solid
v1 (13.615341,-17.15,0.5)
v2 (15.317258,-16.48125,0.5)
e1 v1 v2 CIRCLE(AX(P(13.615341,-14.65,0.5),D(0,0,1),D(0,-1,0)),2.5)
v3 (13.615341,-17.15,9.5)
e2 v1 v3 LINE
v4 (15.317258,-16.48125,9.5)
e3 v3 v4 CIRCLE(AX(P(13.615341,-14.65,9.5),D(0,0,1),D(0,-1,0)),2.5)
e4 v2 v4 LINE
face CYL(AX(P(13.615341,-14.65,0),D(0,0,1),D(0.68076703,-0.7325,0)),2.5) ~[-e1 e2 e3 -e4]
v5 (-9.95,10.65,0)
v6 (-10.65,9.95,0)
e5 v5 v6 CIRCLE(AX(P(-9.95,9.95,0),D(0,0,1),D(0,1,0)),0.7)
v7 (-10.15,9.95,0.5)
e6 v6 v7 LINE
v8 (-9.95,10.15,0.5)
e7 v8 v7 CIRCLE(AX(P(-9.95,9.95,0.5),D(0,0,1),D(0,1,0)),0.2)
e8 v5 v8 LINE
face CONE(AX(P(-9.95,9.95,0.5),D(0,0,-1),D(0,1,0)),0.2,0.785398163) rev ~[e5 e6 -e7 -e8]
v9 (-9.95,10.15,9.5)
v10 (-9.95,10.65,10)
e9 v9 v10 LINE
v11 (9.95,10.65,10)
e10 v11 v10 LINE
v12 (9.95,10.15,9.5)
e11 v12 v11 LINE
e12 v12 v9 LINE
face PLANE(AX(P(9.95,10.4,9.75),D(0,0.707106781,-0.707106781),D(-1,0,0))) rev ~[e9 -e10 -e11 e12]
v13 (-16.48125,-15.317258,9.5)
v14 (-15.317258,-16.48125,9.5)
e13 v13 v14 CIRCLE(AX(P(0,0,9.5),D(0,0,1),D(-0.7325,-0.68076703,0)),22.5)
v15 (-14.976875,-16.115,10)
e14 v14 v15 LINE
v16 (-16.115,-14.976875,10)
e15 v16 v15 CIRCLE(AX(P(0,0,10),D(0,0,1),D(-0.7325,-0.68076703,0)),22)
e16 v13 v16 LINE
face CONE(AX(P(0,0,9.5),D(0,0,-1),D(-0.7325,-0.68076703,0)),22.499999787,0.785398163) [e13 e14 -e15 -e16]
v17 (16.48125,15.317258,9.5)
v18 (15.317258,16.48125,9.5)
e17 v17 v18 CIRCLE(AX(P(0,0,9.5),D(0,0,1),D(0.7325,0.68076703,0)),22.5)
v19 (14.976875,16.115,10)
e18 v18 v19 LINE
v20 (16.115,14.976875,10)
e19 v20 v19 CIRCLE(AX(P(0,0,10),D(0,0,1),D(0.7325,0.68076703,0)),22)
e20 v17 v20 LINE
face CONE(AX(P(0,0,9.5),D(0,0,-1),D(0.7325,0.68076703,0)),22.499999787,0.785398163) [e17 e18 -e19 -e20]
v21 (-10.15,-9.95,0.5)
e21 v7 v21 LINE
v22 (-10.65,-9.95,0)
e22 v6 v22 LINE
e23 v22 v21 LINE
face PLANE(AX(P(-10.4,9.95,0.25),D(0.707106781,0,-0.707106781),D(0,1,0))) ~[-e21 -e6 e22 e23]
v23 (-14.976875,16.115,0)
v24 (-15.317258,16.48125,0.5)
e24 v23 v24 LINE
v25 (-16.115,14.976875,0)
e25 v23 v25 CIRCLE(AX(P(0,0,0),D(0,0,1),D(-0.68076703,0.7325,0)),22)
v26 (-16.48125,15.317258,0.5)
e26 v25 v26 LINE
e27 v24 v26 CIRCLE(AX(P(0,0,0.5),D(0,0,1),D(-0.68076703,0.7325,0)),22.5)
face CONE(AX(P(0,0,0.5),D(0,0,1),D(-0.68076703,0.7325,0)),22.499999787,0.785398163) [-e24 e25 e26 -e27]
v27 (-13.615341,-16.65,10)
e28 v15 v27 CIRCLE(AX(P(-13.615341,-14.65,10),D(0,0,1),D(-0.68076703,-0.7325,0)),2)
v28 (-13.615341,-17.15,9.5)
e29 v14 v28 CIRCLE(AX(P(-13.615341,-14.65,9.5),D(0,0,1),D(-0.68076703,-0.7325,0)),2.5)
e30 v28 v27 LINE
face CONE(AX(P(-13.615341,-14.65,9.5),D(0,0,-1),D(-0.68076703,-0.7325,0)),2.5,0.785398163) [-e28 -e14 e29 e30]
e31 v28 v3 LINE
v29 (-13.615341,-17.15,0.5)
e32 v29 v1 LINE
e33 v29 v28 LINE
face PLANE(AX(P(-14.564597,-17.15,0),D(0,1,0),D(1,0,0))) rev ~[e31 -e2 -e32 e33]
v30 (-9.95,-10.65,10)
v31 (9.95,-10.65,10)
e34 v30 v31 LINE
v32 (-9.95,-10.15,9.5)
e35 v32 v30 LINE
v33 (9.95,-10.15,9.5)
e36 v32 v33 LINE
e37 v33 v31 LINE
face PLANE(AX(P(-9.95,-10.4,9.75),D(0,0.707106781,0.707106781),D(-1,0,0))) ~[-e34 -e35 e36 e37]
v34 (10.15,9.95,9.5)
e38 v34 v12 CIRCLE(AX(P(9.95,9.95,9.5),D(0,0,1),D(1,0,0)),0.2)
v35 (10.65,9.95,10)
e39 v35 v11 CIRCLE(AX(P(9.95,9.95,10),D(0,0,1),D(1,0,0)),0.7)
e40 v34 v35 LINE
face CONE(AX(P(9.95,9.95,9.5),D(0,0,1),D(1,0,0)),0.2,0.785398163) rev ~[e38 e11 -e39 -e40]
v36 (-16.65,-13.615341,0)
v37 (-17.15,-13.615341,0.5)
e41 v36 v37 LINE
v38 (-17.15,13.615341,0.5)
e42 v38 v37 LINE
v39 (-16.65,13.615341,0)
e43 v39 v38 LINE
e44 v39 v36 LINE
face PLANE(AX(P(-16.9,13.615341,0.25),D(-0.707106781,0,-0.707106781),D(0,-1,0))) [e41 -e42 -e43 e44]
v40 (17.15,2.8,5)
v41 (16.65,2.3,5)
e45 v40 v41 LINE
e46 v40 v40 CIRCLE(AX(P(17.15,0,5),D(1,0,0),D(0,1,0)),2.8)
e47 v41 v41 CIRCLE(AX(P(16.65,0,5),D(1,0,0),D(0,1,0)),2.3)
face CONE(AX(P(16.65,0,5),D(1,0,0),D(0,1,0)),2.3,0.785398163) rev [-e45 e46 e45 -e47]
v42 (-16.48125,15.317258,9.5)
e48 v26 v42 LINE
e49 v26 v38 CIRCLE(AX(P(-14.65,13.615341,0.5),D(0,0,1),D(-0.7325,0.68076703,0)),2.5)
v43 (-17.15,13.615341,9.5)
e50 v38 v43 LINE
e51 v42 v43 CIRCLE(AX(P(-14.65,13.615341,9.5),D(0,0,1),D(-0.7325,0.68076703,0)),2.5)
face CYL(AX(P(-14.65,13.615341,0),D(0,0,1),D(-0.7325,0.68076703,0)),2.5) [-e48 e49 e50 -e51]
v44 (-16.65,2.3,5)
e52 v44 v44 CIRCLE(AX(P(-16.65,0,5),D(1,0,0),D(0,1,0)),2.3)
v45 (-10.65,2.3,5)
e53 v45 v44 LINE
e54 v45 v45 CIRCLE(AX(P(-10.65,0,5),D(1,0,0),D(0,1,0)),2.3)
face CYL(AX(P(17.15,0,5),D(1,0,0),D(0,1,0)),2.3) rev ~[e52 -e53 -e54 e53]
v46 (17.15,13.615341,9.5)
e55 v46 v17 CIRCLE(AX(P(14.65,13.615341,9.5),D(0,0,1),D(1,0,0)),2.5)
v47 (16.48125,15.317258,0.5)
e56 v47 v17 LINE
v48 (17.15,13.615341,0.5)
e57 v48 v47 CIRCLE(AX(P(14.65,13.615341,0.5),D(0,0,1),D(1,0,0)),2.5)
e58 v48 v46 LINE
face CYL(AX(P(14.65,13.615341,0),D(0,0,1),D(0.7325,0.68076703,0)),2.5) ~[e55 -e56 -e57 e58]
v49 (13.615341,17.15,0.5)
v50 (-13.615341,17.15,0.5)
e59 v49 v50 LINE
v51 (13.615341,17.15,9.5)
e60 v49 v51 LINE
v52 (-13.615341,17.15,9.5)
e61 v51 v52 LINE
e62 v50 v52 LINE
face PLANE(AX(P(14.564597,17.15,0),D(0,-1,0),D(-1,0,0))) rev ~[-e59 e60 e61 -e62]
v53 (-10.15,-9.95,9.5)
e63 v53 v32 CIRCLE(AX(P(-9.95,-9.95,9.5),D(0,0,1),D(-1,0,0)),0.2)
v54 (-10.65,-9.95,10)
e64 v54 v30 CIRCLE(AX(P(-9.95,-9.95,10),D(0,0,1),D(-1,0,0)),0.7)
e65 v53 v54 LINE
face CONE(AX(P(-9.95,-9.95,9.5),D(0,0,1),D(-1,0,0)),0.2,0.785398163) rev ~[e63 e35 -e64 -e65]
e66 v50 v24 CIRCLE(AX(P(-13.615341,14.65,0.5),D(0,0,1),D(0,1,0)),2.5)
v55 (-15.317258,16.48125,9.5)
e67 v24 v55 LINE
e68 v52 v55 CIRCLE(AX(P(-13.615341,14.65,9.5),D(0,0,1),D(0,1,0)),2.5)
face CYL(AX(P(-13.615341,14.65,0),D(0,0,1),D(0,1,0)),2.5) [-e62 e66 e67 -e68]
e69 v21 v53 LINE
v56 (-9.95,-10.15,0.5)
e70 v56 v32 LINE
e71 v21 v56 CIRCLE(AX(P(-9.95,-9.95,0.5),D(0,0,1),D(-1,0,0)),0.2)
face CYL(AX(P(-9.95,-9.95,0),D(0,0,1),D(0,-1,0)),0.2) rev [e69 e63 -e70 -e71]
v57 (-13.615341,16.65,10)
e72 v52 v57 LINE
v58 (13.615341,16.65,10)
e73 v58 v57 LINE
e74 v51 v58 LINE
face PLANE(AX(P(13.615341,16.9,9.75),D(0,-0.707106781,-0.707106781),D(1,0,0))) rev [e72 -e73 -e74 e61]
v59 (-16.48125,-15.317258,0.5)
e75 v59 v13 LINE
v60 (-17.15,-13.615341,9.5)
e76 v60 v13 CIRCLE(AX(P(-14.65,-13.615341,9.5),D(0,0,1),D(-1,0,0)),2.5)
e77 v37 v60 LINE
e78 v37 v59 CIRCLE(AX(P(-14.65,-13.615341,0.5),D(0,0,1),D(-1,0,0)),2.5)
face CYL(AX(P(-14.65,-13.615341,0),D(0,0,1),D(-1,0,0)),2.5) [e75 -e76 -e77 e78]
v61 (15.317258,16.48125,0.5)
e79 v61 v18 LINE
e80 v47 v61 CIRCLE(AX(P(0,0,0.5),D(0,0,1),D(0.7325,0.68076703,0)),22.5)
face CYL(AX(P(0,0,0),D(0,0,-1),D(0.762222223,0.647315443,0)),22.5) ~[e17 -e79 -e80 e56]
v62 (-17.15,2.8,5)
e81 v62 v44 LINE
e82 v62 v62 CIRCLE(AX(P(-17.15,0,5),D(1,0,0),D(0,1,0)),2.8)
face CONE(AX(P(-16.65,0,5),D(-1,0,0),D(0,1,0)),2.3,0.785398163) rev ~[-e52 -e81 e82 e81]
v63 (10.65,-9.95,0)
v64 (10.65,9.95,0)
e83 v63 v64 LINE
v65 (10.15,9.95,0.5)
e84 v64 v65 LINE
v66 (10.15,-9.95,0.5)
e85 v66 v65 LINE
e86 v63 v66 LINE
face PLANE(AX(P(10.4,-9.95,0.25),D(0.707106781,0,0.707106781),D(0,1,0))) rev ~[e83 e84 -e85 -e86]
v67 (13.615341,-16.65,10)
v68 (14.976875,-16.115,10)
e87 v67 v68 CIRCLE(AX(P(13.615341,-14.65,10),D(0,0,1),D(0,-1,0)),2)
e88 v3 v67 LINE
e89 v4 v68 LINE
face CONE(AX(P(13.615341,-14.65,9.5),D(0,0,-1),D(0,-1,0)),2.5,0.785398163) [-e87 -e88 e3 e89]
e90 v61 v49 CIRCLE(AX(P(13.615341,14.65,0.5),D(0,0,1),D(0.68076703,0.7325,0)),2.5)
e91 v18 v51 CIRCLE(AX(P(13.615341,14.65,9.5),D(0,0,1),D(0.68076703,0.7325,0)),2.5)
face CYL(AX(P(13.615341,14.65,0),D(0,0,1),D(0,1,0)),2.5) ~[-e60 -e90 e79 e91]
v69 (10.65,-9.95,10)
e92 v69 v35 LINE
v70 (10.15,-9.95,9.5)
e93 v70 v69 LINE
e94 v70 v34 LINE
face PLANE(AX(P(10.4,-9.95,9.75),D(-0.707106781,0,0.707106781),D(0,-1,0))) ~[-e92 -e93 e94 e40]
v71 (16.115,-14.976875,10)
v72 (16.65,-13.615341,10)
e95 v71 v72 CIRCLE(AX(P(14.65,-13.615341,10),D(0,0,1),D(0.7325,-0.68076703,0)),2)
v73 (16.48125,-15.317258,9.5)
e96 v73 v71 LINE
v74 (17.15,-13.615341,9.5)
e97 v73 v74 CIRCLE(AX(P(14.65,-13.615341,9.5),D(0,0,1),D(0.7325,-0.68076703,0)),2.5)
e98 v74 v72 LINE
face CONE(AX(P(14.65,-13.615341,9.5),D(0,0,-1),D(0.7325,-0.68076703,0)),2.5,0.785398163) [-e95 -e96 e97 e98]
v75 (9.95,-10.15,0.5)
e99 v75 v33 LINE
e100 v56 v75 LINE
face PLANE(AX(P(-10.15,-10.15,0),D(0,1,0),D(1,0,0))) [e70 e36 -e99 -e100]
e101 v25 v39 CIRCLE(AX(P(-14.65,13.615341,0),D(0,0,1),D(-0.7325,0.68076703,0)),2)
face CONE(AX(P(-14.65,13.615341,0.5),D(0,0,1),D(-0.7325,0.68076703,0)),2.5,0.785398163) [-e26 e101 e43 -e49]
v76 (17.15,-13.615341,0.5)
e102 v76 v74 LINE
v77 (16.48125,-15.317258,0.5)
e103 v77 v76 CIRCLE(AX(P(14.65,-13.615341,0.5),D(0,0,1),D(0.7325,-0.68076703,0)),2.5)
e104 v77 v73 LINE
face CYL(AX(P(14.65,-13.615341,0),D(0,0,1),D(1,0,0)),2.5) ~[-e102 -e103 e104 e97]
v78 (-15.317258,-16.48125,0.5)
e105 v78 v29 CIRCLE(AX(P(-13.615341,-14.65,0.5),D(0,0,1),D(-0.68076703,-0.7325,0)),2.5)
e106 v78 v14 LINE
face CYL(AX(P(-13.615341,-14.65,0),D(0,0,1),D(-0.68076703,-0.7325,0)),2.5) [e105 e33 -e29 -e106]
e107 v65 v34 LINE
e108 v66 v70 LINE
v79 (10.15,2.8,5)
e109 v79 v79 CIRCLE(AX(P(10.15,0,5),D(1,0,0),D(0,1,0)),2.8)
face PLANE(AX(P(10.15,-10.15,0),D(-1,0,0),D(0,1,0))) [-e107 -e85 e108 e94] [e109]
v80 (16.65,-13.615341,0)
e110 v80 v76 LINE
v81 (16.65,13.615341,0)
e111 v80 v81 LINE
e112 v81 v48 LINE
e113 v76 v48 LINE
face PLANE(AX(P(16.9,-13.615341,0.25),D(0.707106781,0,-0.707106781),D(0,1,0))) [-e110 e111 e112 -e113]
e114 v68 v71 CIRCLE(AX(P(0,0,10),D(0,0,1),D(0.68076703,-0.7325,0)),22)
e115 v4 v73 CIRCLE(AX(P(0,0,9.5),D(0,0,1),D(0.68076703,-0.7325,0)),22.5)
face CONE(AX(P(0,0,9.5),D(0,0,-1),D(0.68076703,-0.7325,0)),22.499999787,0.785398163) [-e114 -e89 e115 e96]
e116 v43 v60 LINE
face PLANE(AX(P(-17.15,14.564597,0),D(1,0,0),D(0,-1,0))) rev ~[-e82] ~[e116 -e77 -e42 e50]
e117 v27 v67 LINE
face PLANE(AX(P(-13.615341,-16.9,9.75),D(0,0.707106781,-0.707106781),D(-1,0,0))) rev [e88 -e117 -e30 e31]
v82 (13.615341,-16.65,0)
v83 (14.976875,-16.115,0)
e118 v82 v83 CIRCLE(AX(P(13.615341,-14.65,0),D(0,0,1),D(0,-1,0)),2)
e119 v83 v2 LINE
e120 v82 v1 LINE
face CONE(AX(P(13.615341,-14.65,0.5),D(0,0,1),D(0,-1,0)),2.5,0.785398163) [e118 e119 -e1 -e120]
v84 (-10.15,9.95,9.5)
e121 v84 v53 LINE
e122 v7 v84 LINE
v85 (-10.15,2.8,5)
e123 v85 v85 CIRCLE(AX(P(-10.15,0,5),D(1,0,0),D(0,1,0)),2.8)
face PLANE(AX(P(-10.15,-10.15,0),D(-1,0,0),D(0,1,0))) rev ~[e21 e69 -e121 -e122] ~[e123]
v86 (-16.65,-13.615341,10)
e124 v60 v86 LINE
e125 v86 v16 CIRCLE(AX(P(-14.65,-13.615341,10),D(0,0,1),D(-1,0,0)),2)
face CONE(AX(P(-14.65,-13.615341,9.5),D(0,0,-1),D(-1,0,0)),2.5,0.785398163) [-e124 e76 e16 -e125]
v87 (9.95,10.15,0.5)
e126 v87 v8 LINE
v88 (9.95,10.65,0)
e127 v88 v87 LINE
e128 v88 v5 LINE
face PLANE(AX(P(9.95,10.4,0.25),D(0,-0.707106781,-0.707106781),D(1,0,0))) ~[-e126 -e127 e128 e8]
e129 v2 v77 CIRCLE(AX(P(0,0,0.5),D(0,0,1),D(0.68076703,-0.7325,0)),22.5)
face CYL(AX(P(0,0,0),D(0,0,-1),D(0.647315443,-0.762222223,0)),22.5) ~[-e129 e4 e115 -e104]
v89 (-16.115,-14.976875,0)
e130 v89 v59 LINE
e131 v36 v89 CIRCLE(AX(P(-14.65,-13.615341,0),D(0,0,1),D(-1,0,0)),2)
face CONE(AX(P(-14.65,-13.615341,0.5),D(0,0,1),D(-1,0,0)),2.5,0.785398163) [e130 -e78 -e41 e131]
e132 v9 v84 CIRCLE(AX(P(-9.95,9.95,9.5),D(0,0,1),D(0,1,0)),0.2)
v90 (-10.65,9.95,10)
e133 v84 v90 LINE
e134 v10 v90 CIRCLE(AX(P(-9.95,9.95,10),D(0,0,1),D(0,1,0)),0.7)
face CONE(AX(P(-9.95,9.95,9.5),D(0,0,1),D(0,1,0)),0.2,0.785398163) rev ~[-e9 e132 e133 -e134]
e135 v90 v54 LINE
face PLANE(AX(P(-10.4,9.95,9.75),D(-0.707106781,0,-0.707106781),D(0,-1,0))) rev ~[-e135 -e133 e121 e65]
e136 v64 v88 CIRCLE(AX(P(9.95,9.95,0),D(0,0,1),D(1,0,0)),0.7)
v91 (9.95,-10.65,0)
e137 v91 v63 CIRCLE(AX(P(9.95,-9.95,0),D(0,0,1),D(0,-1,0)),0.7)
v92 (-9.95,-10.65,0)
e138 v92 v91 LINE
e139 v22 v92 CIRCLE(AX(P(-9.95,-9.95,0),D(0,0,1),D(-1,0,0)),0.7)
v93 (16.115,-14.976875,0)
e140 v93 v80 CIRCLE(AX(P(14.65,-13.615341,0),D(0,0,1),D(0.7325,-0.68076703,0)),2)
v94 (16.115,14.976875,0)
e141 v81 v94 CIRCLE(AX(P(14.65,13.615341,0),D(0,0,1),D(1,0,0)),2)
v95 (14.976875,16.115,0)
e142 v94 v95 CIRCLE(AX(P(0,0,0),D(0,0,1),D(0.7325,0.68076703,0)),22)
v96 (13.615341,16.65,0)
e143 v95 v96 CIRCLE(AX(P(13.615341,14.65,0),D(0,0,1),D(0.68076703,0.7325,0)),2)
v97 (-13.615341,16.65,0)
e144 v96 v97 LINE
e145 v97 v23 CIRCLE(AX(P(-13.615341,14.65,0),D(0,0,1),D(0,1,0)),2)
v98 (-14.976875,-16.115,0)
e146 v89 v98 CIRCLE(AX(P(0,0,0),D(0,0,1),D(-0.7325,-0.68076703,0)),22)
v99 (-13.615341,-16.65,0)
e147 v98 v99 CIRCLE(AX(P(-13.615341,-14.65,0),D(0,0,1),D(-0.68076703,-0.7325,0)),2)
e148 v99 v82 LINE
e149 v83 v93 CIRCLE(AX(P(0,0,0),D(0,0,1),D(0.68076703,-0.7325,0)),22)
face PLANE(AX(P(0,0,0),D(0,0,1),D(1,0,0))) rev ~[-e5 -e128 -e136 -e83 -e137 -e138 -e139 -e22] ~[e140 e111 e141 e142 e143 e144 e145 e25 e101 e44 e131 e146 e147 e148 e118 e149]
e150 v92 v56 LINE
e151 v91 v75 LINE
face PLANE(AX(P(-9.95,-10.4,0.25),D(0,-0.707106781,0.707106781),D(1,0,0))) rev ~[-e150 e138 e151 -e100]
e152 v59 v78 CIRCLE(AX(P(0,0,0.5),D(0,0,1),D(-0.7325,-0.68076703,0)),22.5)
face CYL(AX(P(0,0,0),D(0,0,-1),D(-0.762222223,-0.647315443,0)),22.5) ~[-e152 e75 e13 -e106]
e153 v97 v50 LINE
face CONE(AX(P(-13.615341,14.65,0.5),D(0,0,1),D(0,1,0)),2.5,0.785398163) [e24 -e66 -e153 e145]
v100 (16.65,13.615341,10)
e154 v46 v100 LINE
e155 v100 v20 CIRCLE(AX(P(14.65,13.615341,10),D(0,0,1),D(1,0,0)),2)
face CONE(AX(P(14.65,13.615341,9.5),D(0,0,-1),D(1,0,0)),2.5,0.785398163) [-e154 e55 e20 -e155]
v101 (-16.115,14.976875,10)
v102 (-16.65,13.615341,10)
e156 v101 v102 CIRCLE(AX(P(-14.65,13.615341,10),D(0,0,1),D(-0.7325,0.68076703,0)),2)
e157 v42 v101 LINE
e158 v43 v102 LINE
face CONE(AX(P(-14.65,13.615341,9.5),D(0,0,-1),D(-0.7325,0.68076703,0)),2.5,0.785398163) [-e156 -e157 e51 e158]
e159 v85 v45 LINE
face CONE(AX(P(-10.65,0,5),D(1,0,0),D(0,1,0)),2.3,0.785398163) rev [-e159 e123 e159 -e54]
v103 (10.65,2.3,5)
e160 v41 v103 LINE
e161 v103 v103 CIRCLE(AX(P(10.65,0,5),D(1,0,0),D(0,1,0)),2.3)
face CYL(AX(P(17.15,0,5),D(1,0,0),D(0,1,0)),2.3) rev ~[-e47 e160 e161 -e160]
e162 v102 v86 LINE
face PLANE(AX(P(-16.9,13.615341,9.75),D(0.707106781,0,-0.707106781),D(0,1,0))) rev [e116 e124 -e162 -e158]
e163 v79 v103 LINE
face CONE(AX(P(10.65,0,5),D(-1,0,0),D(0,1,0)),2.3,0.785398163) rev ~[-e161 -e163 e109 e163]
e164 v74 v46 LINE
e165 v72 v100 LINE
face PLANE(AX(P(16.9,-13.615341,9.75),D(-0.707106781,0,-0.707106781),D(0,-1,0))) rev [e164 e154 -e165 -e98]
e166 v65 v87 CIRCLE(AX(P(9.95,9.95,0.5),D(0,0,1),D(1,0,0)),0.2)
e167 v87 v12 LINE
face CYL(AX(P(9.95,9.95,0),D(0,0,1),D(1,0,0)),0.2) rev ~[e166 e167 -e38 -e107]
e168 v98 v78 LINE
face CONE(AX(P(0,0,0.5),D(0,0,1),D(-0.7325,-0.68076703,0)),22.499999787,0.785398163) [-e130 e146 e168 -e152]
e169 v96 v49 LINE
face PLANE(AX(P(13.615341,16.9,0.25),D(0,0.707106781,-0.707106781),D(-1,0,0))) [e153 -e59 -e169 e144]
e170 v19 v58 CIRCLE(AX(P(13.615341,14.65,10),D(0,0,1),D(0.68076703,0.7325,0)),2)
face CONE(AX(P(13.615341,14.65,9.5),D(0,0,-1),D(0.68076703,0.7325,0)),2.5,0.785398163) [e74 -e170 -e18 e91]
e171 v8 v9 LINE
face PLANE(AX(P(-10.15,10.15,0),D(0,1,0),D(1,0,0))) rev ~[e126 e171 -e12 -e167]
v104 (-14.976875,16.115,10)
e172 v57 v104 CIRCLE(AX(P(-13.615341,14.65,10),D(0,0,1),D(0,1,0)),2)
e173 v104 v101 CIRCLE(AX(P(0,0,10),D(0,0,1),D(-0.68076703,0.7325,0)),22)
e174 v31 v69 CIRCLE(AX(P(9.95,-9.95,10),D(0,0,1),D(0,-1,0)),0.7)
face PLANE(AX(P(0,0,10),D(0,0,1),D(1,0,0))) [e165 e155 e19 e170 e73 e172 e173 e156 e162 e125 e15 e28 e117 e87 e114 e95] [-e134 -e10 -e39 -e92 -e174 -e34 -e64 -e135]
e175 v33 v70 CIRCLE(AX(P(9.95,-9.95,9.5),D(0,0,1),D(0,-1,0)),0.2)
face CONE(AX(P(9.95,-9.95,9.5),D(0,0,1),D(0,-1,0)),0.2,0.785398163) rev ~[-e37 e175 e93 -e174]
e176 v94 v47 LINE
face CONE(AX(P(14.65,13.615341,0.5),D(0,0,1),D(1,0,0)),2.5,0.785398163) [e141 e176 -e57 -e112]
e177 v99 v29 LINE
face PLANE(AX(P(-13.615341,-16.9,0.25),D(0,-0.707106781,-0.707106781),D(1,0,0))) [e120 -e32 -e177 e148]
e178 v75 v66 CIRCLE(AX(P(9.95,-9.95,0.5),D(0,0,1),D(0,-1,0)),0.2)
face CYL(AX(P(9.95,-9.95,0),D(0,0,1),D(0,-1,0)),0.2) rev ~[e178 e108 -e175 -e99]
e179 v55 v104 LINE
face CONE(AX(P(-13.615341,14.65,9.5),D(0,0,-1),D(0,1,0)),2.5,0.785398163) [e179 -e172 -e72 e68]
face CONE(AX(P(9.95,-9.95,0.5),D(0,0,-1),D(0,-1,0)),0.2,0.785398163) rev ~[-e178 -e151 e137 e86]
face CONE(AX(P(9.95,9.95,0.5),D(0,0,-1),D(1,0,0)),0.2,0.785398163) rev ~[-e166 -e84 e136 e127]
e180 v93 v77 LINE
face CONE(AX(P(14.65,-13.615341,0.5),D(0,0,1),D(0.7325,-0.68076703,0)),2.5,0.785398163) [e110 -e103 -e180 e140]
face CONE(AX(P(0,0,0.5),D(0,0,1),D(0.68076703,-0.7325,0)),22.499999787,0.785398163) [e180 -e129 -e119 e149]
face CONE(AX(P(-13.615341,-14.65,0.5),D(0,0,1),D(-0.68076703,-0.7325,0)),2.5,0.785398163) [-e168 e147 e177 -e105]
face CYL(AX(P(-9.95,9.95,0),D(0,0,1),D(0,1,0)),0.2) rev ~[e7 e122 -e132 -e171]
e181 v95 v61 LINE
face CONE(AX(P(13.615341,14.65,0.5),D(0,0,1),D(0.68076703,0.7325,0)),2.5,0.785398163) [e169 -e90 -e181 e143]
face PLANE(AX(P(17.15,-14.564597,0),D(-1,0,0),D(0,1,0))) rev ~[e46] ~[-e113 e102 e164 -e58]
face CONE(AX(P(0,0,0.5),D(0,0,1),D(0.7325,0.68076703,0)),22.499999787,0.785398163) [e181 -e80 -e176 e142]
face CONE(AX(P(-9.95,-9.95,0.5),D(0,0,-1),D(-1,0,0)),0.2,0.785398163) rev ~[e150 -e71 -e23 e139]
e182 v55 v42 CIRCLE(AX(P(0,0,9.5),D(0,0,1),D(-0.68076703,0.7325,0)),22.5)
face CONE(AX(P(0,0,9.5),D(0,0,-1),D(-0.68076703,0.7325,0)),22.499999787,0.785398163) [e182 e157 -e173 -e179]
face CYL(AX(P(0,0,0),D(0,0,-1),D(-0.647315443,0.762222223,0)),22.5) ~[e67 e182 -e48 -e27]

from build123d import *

# Parameters (mm, degrees)
SKIZZE1_W                       = 20.3
SKIZZE1_H                       = 20.3
AUFSATZ_LINEAR_AUSTRAGEN1_DEPTH = 10
VERRUNDUNG1_R                   = 0.2
VERRUNDUNG2_R                   = 2.5
SKIZZE2_R                       = 2.3
SCHNITT_LINEAR_AUSTRAGEN1_DEPTH = 40.630953811
FASE2_SIZE                      = 0.5


with BuildPart() as part:
    # Skizze1 → Aufsatz-Linear austragen1 (new body)
    with BuildSketch(Plane.XY):
        with BuildLine():
            Line((14.564597488, 17.15), (-14.564597488, 17.15))
            ThreePointArc((-14.564597488, 17.15), (-15.909902577, 15.909902577), (-17.15, 14.564597488))
            Line((-17.15, 14.564597488), (-17.15, -14.564597488))
            ThreePointArc((-17.15, -14.564597488), (-15.909902577, -15.909902577), (-14.564597488, -17.15))
            Line((-14.564597488, -17.15), (14.564597488, -17.15))
            ThreePointArc((14.564597488, -17.15), (15.909902577, -15.909902577), (17.15, -14.564597488))
            Line((17.15, -14.564597488), (17.15, 14.564597488))
            ThreePointArc((17.15, 14.564597488), (15.909902577, 15.909902577), (14.564597488, 17.15))
        make_face()
        Rectangle(SKIZZE1_W, SKIZZE1_H, mode=Mode.SUBTRACT)
    extrude(amount=AUFSATZ_LINEAR_AUSTRAGEN1_DEPTH)

    # Verrundung1
    verrundung1_edges = [part.edges().sort_by_distance(p)[0] for p in [
        (10.15, -10.15, 5),
        (10.15, 10.15, 5),
        (-10.15, 10.15, 5),
        (-10.15, -10.15, 5),
    ]]
    fillet(verrundung1_edges, radius=VERRUNDUNG1_R)

    # Verrundung2
    verrundung2_edges = [part.edges().sort_by_distance(p)[0] for p in [
        (17.15, 14.564597488, 5),
        (17.15, -14.564597488, 5),
        (14.564597488, -17.15, 5),
        (-14.564597488, -17.15, 5),
        (-17.15, -14.564597488, 5),
        (-17.15, 14.564597488, 5),
        (-14.564597488, 17.15, 5),
        (14.564597488, 17.15, 5),
    ]]
    fillet(verrundung2_edges, radius=VERRUNDUNG2_R)

    # Skizze2 → Schnitt-Linear austragen1 (cut, through all)
    with BuildSketch(Plane(origin=(17.15, 0, 0), x_dir=(0, 0, -1), z_dir=(1, 0, 0))):
        with Locations(Location((-5, 0, 0), (0, 0, 90))):
            Circle(SKIZZE2_R)
    extrude(amount=-SCHNITT_LINEAR_AUSTRAGEN1_DEPTH, mode=Mode.SUBTRACT)

    # Fase2
    fase2_edges = [part.edges().sort_by_distance(p)[0] for p in [
        (-10.15, -2.3, 5),
        (10.15, -2.3, 5),
        (-17.15, -2.3, 5),
        (17.15, -2.3, 5),
        (0, -10.15, 0),
        (0, -10.15, 10),
        (10.15, 0, 0),
        (10.15, 0, 10),
        (-10.15, 0, 0),
        (-10.15, 0, 10),
        (0, 10.15, 0),
        (0, 10.15, 10),
        (10.091421356, -10.091421356, 0),
        (10.091421356, -10.091421356, 10),
        (-10.091421356, -10.091421356, 0),
        (-10.091421356, -10.091421356, 10),
        (-10.091421356, 10.091421356, 0),
        (-10.091421356, 10.091421356, 10),
        (10.091421356, 10.091421356, 0),
        (10.091421356, 10.091421356, 10),
        (0, 17.15, 0),
        (0, 17.15, 10),
        (15.909902577, 15.909902577, 0),
        (17.15, 0, 0),
        (15.909902577, -15.909902577, 0),
        (0, -17.15, 0),
        (-15.909902577, -15.909902577, 0),
        (-17.15, 0, 0),
        (-15.909902577, 15.909902577, 0),
        (-14.52963679, 16.976813809, 0),
        (-16.976813809, 14.52963679, 0),
        (-16.976813809, -14.52963679, 0),
        (-14.52963679, -16.976813809, 0),
        (14.52963679, -16.976813809, 0),
        (16.976813809, -14.52963679, 0),
        (16.976813809, 14.52963679, 0),
        (14.52963679, 16.976813809, 0),
        (15.909902577, 15.909902577, 10),
        (-15.909902577, 15.909902577, 10),
        (-17.15, 0, 10),
        (-15.909902577, -15.909902577, 10),
        (0, -17.15, 10),
        (15.909902577, -15.909902577, 10),
        (17.15, 0, 10),
        (-14.52963679, 16.976813809, 10),
        (-16.976813809, 14.52963679, 10),
        (-16.976813809, -14.52963679, 10),
        (-14.52963679, -16.976813809, 10),
        (14.52963679, -16.976813809, 10),
        (16.976813809, -14.52963679, 10),
        (16.976813809, 14.52963679, 10),
        (14.52963679, 16.976813809, 10),
    ]]
    chamfer(fase2_edges, length=FASE2_SIZE)


solid = part.part
